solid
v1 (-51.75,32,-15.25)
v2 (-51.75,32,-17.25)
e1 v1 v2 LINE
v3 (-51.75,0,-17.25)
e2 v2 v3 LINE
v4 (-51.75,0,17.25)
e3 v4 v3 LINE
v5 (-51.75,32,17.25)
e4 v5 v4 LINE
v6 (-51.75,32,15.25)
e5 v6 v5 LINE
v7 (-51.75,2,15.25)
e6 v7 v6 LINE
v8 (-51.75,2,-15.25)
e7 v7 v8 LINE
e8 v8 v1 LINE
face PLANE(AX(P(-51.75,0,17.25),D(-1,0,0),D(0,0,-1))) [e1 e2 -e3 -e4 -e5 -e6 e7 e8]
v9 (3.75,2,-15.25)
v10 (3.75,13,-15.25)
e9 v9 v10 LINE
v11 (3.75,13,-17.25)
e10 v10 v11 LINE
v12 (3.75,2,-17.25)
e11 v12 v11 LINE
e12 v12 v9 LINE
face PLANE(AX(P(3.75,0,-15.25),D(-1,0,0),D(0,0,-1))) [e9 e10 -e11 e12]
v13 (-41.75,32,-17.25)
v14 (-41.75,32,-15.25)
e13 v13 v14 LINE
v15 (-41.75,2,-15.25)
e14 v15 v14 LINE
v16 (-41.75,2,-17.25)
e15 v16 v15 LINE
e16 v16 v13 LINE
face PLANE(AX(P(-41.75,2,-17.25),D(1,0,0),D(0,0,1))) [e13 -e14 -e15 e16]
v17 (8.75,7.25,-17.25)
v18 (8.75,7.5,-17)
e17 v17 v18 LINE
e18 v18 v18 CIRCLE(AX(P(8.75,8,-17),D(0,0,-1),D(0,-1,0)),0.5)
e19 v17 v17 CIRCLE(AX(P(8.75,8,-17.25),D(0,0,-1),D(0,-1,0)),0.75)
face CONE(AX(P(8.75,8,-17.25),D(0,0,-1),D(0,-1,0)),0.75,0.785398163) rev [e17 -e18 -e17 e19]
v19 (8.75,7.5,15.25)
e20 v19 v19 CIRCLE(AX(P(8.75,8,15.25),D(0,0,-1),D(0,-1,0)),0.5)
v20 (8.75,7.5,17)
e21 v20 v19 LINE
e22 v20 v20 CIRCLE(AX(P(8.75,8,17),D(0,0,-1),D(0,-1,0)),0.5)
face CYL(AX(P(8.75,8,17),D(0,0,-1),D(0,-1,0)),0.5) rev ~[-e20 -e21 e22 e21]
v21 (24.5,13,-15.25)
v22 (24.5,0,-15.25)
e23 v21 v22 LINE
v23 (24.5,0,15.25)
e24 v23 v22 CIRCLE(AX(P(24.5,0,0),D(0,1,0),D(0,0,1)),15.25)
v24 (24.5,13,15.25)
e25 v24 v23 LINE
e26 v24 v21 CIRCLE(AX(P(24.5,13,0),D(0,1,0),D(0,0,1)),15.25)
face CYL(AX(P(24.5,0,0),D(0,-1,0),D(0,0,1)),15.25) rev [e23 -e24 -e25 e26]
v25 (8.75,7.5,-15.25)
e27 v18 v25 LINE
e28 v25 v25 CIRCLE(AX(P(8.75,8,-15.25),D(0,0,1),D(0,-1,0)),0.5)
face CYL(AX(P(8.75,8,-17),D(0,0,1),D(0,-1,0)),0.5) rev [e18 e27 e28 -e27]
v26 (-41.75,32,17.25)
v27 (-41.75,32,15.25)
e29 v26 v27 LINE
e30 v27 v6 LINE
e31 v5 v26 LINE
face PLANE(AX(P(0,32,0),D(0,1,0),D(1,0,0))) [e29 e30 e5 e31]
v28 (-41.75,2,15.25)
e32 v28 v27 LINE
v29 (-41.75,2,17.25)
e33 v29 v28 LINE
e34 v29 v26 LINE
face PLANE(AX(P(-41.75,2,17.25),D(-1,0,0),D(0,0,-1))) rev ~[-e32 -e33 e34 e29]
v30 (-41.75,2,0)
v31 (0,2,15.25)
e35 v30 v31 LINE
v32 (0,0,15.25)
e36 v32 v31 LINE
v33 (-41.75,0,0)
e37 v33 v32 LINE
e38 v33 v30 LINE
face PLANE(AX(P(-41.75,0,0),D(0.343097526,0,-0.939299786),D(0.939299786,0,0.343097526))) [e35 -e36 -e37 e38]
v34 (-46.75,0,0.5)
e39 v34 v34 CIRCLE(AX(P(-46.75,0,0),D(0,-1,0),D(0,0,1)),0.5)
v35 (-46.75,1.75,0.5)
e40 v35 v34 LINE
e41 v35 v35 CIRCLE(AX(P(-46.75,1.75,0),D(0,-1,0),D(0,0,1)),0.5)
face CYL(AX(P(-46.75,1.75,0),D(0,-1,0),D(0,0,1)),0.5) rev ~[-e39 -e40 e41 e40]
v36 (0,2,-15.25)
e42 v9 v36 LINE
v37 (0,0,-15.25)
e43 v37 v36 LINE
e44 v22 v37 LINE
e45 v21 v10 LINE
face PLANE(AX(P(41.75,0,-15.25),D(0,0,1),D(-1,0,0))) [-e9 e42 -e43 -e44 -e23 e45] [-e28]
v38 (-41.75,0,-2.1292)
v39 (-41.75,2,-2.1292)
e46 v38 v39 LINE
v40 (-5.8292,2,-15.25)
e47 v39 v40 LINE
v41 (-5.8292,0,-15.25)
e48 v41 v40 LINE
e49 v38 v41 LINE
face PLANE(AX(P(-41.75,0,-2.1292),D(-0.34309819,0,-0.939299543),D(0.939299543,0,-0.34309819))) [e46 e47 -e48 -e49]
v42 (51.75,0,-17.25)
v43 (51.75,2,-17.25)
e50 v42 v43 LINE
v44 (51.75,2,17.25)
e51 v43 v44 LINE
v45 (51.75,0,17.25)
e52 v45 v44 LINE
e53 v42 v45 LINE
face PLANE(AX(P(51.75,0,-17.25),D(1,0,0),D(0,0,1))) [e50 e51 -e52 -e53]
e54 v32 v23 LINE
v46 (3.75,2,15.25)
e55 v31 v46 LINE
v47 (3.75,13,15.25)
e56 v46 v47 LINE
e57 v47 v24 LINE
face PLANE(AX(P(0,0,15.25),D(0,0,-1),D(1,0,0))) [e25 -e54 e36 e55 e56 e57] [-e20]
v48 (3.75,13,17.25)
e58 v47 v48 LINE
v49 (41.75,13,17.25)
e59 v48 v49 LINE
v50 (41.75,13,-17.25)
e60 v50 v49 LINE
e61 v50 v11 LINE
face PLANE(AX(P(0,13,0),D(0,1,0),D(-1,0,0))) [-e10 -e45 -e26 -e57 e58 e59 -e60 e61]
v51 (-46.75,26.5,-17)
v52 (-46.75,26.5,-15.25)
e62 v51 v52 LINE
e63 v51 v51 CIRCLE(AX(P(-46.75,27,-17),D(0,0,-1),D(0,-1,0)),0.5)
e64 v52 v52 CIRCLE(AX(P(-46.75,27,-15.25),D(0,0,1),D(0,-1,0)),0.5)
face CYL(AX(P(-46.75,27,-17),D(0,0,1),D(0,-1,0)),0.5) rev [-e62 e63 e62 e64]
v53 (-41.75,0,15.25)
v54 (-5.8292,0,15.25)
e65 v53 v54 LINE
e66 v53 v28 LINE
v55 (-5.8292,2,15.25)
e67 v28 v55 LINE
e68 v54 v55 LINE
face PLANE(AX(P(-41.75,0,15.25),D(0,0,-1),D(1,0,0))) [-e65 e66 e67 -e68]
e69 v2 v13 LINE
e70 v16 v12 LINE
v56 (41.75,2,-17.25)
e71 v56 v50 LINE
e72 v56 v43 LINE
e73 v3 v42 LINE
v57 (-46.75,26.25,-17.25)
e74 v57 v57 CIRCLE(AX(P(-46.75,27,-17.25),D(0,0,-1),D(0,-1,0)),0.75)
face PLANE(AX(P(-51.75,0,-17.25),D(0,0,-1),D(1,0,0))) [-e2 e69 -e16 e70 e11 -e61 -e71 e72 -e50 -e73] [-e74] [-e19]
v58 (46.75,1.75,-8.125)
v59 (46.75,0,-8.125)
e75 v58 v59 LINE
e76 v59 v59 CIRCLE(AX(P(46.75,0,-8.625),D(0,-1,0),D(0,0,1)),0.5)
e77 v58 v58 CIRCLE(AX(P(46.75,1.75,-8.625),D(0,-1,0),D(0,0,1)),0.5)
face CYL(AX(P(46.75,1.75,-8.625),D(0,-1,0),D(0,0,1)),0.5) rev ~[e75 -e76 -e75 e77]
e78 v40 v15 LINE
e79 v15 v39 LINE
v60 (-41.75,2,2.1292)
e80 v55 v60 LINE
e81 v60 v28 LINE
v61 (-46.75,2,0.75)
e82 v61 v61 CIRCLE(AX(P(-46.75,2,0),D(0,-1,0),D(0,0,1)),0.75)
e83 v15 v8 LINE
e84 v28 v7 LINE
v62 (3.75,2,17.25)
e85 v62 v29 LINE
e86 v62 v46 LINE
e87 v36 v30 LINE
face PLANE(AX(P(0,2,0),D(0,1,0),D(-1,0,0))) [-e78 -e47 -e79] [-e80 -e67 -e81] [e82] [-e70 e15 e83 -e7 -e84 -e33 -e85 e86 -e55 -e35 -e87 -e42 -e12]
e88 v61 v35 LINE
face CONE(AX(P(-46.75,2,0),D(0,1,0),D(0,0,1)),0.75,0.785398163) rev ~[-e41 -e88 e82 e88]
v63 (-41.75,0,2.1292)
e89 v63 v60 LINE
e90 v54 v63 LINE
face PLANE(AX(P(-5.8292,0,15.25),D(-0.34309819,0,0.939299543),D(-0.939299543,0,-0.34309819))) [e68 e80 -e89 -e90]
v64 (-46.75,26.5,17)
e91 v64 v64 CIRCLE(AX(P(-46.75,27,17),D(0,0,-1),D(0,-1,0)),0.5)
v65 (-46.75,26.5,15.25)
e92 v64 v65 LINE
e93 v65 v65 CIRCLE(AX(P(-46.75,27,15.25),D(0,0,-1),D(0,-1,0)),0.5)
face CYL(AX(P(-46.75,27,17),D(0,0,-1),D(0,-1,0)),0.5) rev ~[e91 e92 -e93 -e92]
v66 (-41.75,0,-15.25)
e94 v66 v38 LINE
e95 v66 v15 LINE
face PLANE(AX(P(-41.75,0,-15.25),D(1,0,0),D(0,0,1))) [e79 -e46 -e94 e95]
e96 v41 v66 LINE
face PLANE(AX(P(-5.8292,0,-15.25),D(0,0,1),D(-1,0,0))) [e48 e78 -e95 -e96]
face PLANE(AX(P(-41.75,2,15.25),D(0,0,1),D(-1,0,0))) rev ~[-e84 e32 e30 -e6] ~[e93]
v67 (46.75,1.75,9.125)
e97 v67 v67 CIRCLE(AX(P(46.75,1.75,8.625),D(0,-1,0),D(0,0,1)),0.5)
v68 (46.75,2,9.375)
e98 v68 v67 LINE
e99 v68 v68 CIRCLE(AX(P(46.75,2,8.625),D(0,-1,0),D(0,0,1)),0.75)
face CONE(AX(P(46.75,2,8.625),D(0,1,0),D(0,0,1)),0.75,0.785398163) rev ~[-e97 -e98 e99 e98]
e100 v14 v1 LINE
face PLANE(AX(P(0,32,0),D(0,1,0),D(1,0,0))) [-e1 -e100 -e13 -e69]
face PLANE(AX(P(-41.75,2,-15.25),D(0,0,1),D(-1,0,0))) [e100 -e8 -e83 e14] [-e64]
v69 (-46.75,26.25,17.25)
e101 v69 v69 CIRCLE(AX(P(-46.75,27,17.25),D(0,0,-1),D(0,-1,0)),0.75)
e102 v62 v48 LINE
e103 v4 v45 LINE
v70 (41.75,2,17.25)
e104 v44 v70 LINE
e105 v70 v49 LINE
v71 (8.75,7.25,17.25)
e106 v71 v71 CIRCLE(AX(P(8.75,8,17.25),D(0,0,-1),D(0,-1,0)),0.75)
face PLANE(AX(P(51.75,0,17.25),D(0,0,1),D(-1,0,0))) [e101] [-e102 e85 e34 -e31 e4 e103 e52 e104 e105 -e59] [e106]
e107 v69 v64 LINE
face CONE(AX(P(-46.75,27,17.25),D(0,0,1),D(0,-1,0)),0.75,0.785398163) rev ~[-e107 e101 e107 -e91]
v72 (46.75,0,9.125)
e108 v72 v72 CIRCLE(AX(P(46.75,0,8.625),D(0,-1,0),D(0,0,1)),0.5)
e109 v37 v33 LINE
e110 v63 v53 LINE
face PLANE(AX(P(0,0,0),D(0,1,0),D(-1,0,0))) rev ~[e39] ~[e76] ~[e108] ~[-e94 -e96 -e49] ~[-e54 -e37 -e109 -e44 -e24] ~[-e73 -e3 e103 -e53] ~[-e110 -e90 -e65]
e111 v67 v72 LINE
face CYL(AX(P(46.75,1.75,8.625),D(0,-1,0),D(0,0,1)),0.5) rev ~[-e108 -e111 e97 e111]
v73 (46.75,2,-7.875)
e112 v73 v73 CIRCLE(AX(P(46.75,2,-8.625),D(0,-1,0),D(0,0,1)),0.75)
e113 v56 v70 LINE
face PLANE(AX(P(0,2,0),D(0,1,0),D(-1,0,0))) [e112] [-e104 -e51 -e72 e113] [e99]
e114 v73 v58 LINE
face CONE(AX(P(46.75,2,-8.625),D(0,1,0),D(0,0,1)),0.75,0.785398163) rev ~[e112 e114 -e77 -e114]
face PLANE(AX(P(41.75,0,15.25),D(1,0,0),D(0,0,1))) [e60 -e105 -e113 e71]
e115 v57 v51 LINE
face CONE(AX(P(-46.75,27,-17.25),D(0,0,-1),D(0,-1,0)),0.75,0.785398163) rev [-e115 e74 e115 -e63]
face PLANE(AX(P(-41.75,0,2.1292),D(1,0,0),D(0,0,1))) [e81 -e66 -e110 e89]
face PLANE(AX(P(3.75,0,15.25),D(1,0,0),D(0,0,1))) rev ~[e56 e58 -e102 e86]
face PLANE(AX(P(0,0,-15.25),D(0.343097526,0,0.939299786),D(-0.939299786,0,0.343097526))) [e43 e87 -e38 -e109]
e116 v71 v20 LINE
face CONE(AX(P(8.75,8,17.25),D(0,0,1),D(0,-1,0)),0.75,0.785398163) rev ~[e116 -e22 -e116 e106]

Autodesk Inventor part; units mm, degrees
ref_plane "YZ Plane" through (0, 0, 0) normal (1, 0, 0) x (0, 1, 0)
ref_plane "XZ Plane" through (0, 0, 0) normal (0, 1, 0) x (-1, 0, 0)
ref_plane "XY Plane" through (0, 0, 0) normal (0, 0, 1) x (1, 0, 0)
sketch "Эскиз1" plane through (0, 0, 0) normal (0, 1, 0) x (-1, 0, 0)
  line L0 (-51.75, 17.25) -> (51.75, 17.25)
  line L1 (51.75, 17.25) -> (51.75, -17.25)
  line L2 (51.75, -17.25) -> (-51.75, -17.25)
  line L3 (-51.75, -17.25) -> (-51.75, 17.25)
  line L4 (-51.75, 17.25) -> (51.75, -17.25) construction
  line L5 (51.75, 17.25) -> (-51.75, -17.25) construction
  line L6 (-41.75, -15.25) -> (0, -15.25)
  line L7 (41.75, -15.25) -> (41.75, -2.1292)
  line L8 (41.75, 15.25) -> (5.8292, 15.25)
  line L9 (-41.75, 15.25) -> (-41.75, -15.25)
  line L10 (0, -24.15) -> (0, 24.15) construction
  line L11 (0, -17.25) -> (0, -15.25) construction
  line L12 (0, 15.25) -> (0, 17.25) construction
  line L13 (0, -15.25) -> (41.75, 0)
  line L14 (41.75, 0) -> (0, 15.25)
  line L15 (5.8292, 15.25) -> (41.75, 2.1292)
  line L16 (41.75, -2.1292) -> (5.8292, -15.25)
  line L17 (41.75, -2.1292) -> (41.75, 2.1292) construction
  line L18 (41.75, 2.1292) -> (41.75, 15.25)
  line L19 (5.8292, -15.25) -> (41.75, -15.25)
  line L20 (0, -15.25) -> (5.8292, -15.25) construction
  line L21 (5.8292, 15.25) -> (0, 15.25) construction
  line L22 (0, 15.25) -> (-41.75, 15.25)
  line L23 (41.75, -2.1292) -> (41.0638, -0.2506) construction
  line L24 (41.75, 2.1292) -> (41.0638, 0.2506) construction
  point P0 (0, 0)
  point P1 (0, 0)
  dimension "d0" = 103.5
  dimension "d4" = 10
  dimension "d5" = 10
  dimension "d24" = 30.5
  dimension "d28" = 2
extrude "Выдавливание1" add sketch "Эскиз1" along normal blind 2
sketch "Эскиз2" plane through (0, 0, 0) normal (0, 1, 0) x (-1, 0, 0)
  line L0 (-41.75, -17.25) -> (-41.75, 17.25)
  line L1 (51.75, 17.25) -> (-51.75, 17.25) projected
  line L2 (-51.75, 17.25) -> (-51.75, -17.25) projected
  line L3 (0, -15.25) -> (-41.75, -15.25) construction
  line L4 (-39.75, -15.25) -> (-39.75, 15.25) construction
  line L5 (5.8292, 15.25) -> (41.75, 15.25) construction
  line L6 (-39.75, -15.25) -> (-24.5, -15.25) construction
  line L7 (-3.75, -15.25) -> (-3.75, -17.25)
  line L8 (-51.75, -17.25) -> (51.75, -17.25) projected
  line L9 (-3.75, -17.25) -> (-41.75, -17.25)
  line L10 (-41.75, 17.25) -> (-3.75, 17.25)
  line L11 (-3.75, 15.25) -> (-24.5, 15.25)
  line L12 (-3.75, 15.25) -> (-3.75, 17.25)
  arc A0 (-24.5, 15.25) -> (-24.5, -15.25) centre (-24.5, 0) ccw
  line L13 (-24.5, -15.25) -> (-3.75, -15.25)
  line L14 (-24.5, 15.25) -> (-39.75, 15.25) construction
  line L15 (-41.75, -15.25) -> (-41.75, 15.25) projected
  point P0 (0, 0)
  point P1 (41.75, -15.25)
  dimension "d13" = 2
  dimension "d14" = 36
extrude "Выдавливание2" add sketch "Эскиз2" along normal blind 13 contours L0 L1 L12 L11 A0 L13 L7 L8
sketch "Эскиз3" plane through (0, 2, 0) normal (0, 1, 0) x (1, 0, 0)
  line L0 (-41.75, 15.25) -> (-51.75, 15.25)
  line L1 (-51.75, 15.25) -> (-51.75, 17.25)
  line L2 (-51.75, 17.25) -> (-41.75, 17.25)
  line L3 (-41.75, 17.25) -> (-41.75, 15.25)
  line L4 (-51.75, 17.25) -> (-51.75, -17.25) construction
  line L5 (-51.75, -17.25) -> (-41.75, -17.25)
  line L6 (-41.75, -17.25) -> (-41.75, -15.25)
  line L7 (-41.75, -15.25) -> (-51.75, -15.25)
  line L8 (-51.75, -15.25) -> (-51.75, -17.25)
  point P0 (0, 0)
  point P1 (3.75, -15.25)
extrude "Выдавливание3" add sketch "Эскиз3" along normal blind 30
sketch "Эскиз5" plane through (0, 2, 0) normal (0, 1, 0) x (1, 0, 0)
  line L0 (51.75, 17.25) -> (51.75, -17.25) construction
  line L1 (51.75, -17.25) -> (41.75, -17.25) construction
  line L2 (41.75, 17.25) -> (41.75, -17.25) construction
  line L3 (3.75, 17.25) -> (41.75, 17.25) construction
  line L4 (3.75, 15.25) -> (3.75, 17.25) construction
  line L5 (3.75, 15.25) -> (0, 15.25) construction
  line L6 (0, 15.25) -> (-41.75, 0) construction
  line L7 (-41.75, 0) -> (0, -15.25) construction
  line L8 (0, -15.25) -> (3.75, -15.25) construction
  line L9 (3.75, -15.25) -> (24.5, -15.25) construction
  arc A0 (24.5, -15.25) -> (24.5, 15.25) centre (24.5, 0) ccw construction
  line L10 (24.5, 15.25) -> (3.75, 15.25) construction
  line L11 (41.75, 17.25) -> (51.75, 17.25) construction
  line L12 (41.75, -17.25) -> (3.75, -17.25) construction
  line L13 (3.75, -17.25) -> (3.75, -15.25) construction
  line L14 (-41.75, 17.25) -> (3.75, 17.25) construction
  line L15 (-41.75, 17.25) -> (-41.75, 15.25) construction
  line L16 (-5.8292, 15.25) -> (-41.75, 15.25) construction
  line L17 (-41.75, 2.1292) -> (-5.8292, 15.25) construction
  line L18 (-41.75, 15.25) -> (-41.75, 2.1292) construction
  line L19 (-41.75, 15.25) -> (-51.75, 15.25) construction
  line L20 (-51.75, 15.25) -> (-51.75, 17.25) construction
  line L21 (-51.75, 17.25) -> (-41.75, 17.25) construction
  line L22 (3.75, -17.25) -> (-41.75, -17.25) construction
  line L23 (-41.75, -15.25) -> (-41.75, -17.25) construction
  line L24 (-51.75, -15.25) -> (-41.75, -15.25) construction
  line L25 (-51.75, -17.25) -> (-51.75, -15.25) construction
  line L26 (-41.75, -17.25) -> (-51.75, -17.25) construction
  line L27 (-51.75, -15.25) -> (-51.75, 15.25) construction
  line L28 (-41.75, -15.25) -> (-5.8292, -15.25) construction
  line L29 (-5.8292, -15.25) -> (-41.75, -2.1292) construction
  line L30 (-41.75, -2.1292) -> (-41.75, -15.25) construction
  line L31 (-51.75, 17.25) -> (-41.75, -17.25) construction
  line L32 (-41.75, 17.25) -> (-51.75, -17.25) construction
  line L33 (51.75, 17.25) -> (-51.75, 17.25) construction
  line L34 (51.75, 17.25) -> (41.75, 0) construction
  line L35 (41.75, 17.25) -> (51.75, 0) construction
  line L36 (51.75, -17.25) -> (51.75, 17.25) construction
  line L37 (51.75, -17.25) -> (41.75, 0) construction
  line L38 (41.75, -17.25) -> (51.75, 0) construction
  circle A1 centre (-46.75, 0) radius 0.5
  circle A2 centre (46.75, 8.625) radius 0.5
  circle A3 centre (46.75, -8.625) radius 0.5
  point P0 (0, 0)
  dimension "d29" = 1
hole "Отверстие1" at (-46.75, 2, 0) at (46.75, 2, 8.625) at (46.75, 2, -8.625) direction (0, -1, 0) diameter 1 end through all countersink diameter 1.5 countersink angle 90
sketch "Эскиз4" plane through (-51.75, 0, 17.25) normal (0, 0, 1) x (1, 0, 0)
  line L0 (10, 32) -> (0, 32) construction
  line L1 (0, 32) -> (10, 32) construction
  line L2 (10, 32) -> (10, 22) construction
  line L3 (10, 22) -> (0, 22) construction
  line L4 (0, 22) -> (0, 32) construction
  line L5 (103.5, 0) -> (0, 0) construction
  line L6 (0, 0) -> (0, 32) construction
  line L7 (10, 32) -> (10, 2) construction
  line L8 (10, 2) -> (55.5, 2) construction
  line L9 (55.5, 2) -> (55.5, 13) construction
  line L10 (55.5, 13) -> (93.5, 13) construction
  line L11 (93.5, 13) -> (93.5, 2) construction
  line L12 (93.5, 2) -> (103.5, 2) construction
  line L13 (103.5, 2) -> (103.5, 0) construction
  line L14 (10, 2) -> (10, 32) construction
  line L15 (0, 0) -> (0, 32) construction
  line L16 (10, 22) -> (0, 32) construction
  line L17 (10, 32) -> (0, 22) construction
  circle A0 centre (5, 27) radius 0.5
  line L18 (55.5, 13) -> (65.5, 13) construction
  line L19 (65.5, 13) -> (65.5, 3) construction
  line L20 (65.5, 3) -> (55.5, 3) construction
  line L21 (55.5, 3) -> (55.5, 13) construction
  line L22 (65.5, 13) -> (55.5, 3) construction
  line L23 (55.5, 2) -> (55.5, 13) construction
  line L24 (55.5, 13) -> (65.5, 3) construction
  circle A1 centre (60.5, 8) radius 0.5
  line L25 (0, 32) -> (10, 32) projected
  point P0 (51.75, 0)
  dimension "d19" = 1
  dimension "d20" = 10
  dimension "d21" = 1
hole "Отверстие2" at (-46.75, 27, 17.25) at (8.75, 8, 17.25) direction (0, 0, -1) diameter 1 depth 17.25 countersink diameter 1.5 countersink angle 90
mirror "Зеркальное отражение1" about plane through (0, 0, 0) normal (0, 0, 1) of "Отверстие2"
properties part number "frame"
